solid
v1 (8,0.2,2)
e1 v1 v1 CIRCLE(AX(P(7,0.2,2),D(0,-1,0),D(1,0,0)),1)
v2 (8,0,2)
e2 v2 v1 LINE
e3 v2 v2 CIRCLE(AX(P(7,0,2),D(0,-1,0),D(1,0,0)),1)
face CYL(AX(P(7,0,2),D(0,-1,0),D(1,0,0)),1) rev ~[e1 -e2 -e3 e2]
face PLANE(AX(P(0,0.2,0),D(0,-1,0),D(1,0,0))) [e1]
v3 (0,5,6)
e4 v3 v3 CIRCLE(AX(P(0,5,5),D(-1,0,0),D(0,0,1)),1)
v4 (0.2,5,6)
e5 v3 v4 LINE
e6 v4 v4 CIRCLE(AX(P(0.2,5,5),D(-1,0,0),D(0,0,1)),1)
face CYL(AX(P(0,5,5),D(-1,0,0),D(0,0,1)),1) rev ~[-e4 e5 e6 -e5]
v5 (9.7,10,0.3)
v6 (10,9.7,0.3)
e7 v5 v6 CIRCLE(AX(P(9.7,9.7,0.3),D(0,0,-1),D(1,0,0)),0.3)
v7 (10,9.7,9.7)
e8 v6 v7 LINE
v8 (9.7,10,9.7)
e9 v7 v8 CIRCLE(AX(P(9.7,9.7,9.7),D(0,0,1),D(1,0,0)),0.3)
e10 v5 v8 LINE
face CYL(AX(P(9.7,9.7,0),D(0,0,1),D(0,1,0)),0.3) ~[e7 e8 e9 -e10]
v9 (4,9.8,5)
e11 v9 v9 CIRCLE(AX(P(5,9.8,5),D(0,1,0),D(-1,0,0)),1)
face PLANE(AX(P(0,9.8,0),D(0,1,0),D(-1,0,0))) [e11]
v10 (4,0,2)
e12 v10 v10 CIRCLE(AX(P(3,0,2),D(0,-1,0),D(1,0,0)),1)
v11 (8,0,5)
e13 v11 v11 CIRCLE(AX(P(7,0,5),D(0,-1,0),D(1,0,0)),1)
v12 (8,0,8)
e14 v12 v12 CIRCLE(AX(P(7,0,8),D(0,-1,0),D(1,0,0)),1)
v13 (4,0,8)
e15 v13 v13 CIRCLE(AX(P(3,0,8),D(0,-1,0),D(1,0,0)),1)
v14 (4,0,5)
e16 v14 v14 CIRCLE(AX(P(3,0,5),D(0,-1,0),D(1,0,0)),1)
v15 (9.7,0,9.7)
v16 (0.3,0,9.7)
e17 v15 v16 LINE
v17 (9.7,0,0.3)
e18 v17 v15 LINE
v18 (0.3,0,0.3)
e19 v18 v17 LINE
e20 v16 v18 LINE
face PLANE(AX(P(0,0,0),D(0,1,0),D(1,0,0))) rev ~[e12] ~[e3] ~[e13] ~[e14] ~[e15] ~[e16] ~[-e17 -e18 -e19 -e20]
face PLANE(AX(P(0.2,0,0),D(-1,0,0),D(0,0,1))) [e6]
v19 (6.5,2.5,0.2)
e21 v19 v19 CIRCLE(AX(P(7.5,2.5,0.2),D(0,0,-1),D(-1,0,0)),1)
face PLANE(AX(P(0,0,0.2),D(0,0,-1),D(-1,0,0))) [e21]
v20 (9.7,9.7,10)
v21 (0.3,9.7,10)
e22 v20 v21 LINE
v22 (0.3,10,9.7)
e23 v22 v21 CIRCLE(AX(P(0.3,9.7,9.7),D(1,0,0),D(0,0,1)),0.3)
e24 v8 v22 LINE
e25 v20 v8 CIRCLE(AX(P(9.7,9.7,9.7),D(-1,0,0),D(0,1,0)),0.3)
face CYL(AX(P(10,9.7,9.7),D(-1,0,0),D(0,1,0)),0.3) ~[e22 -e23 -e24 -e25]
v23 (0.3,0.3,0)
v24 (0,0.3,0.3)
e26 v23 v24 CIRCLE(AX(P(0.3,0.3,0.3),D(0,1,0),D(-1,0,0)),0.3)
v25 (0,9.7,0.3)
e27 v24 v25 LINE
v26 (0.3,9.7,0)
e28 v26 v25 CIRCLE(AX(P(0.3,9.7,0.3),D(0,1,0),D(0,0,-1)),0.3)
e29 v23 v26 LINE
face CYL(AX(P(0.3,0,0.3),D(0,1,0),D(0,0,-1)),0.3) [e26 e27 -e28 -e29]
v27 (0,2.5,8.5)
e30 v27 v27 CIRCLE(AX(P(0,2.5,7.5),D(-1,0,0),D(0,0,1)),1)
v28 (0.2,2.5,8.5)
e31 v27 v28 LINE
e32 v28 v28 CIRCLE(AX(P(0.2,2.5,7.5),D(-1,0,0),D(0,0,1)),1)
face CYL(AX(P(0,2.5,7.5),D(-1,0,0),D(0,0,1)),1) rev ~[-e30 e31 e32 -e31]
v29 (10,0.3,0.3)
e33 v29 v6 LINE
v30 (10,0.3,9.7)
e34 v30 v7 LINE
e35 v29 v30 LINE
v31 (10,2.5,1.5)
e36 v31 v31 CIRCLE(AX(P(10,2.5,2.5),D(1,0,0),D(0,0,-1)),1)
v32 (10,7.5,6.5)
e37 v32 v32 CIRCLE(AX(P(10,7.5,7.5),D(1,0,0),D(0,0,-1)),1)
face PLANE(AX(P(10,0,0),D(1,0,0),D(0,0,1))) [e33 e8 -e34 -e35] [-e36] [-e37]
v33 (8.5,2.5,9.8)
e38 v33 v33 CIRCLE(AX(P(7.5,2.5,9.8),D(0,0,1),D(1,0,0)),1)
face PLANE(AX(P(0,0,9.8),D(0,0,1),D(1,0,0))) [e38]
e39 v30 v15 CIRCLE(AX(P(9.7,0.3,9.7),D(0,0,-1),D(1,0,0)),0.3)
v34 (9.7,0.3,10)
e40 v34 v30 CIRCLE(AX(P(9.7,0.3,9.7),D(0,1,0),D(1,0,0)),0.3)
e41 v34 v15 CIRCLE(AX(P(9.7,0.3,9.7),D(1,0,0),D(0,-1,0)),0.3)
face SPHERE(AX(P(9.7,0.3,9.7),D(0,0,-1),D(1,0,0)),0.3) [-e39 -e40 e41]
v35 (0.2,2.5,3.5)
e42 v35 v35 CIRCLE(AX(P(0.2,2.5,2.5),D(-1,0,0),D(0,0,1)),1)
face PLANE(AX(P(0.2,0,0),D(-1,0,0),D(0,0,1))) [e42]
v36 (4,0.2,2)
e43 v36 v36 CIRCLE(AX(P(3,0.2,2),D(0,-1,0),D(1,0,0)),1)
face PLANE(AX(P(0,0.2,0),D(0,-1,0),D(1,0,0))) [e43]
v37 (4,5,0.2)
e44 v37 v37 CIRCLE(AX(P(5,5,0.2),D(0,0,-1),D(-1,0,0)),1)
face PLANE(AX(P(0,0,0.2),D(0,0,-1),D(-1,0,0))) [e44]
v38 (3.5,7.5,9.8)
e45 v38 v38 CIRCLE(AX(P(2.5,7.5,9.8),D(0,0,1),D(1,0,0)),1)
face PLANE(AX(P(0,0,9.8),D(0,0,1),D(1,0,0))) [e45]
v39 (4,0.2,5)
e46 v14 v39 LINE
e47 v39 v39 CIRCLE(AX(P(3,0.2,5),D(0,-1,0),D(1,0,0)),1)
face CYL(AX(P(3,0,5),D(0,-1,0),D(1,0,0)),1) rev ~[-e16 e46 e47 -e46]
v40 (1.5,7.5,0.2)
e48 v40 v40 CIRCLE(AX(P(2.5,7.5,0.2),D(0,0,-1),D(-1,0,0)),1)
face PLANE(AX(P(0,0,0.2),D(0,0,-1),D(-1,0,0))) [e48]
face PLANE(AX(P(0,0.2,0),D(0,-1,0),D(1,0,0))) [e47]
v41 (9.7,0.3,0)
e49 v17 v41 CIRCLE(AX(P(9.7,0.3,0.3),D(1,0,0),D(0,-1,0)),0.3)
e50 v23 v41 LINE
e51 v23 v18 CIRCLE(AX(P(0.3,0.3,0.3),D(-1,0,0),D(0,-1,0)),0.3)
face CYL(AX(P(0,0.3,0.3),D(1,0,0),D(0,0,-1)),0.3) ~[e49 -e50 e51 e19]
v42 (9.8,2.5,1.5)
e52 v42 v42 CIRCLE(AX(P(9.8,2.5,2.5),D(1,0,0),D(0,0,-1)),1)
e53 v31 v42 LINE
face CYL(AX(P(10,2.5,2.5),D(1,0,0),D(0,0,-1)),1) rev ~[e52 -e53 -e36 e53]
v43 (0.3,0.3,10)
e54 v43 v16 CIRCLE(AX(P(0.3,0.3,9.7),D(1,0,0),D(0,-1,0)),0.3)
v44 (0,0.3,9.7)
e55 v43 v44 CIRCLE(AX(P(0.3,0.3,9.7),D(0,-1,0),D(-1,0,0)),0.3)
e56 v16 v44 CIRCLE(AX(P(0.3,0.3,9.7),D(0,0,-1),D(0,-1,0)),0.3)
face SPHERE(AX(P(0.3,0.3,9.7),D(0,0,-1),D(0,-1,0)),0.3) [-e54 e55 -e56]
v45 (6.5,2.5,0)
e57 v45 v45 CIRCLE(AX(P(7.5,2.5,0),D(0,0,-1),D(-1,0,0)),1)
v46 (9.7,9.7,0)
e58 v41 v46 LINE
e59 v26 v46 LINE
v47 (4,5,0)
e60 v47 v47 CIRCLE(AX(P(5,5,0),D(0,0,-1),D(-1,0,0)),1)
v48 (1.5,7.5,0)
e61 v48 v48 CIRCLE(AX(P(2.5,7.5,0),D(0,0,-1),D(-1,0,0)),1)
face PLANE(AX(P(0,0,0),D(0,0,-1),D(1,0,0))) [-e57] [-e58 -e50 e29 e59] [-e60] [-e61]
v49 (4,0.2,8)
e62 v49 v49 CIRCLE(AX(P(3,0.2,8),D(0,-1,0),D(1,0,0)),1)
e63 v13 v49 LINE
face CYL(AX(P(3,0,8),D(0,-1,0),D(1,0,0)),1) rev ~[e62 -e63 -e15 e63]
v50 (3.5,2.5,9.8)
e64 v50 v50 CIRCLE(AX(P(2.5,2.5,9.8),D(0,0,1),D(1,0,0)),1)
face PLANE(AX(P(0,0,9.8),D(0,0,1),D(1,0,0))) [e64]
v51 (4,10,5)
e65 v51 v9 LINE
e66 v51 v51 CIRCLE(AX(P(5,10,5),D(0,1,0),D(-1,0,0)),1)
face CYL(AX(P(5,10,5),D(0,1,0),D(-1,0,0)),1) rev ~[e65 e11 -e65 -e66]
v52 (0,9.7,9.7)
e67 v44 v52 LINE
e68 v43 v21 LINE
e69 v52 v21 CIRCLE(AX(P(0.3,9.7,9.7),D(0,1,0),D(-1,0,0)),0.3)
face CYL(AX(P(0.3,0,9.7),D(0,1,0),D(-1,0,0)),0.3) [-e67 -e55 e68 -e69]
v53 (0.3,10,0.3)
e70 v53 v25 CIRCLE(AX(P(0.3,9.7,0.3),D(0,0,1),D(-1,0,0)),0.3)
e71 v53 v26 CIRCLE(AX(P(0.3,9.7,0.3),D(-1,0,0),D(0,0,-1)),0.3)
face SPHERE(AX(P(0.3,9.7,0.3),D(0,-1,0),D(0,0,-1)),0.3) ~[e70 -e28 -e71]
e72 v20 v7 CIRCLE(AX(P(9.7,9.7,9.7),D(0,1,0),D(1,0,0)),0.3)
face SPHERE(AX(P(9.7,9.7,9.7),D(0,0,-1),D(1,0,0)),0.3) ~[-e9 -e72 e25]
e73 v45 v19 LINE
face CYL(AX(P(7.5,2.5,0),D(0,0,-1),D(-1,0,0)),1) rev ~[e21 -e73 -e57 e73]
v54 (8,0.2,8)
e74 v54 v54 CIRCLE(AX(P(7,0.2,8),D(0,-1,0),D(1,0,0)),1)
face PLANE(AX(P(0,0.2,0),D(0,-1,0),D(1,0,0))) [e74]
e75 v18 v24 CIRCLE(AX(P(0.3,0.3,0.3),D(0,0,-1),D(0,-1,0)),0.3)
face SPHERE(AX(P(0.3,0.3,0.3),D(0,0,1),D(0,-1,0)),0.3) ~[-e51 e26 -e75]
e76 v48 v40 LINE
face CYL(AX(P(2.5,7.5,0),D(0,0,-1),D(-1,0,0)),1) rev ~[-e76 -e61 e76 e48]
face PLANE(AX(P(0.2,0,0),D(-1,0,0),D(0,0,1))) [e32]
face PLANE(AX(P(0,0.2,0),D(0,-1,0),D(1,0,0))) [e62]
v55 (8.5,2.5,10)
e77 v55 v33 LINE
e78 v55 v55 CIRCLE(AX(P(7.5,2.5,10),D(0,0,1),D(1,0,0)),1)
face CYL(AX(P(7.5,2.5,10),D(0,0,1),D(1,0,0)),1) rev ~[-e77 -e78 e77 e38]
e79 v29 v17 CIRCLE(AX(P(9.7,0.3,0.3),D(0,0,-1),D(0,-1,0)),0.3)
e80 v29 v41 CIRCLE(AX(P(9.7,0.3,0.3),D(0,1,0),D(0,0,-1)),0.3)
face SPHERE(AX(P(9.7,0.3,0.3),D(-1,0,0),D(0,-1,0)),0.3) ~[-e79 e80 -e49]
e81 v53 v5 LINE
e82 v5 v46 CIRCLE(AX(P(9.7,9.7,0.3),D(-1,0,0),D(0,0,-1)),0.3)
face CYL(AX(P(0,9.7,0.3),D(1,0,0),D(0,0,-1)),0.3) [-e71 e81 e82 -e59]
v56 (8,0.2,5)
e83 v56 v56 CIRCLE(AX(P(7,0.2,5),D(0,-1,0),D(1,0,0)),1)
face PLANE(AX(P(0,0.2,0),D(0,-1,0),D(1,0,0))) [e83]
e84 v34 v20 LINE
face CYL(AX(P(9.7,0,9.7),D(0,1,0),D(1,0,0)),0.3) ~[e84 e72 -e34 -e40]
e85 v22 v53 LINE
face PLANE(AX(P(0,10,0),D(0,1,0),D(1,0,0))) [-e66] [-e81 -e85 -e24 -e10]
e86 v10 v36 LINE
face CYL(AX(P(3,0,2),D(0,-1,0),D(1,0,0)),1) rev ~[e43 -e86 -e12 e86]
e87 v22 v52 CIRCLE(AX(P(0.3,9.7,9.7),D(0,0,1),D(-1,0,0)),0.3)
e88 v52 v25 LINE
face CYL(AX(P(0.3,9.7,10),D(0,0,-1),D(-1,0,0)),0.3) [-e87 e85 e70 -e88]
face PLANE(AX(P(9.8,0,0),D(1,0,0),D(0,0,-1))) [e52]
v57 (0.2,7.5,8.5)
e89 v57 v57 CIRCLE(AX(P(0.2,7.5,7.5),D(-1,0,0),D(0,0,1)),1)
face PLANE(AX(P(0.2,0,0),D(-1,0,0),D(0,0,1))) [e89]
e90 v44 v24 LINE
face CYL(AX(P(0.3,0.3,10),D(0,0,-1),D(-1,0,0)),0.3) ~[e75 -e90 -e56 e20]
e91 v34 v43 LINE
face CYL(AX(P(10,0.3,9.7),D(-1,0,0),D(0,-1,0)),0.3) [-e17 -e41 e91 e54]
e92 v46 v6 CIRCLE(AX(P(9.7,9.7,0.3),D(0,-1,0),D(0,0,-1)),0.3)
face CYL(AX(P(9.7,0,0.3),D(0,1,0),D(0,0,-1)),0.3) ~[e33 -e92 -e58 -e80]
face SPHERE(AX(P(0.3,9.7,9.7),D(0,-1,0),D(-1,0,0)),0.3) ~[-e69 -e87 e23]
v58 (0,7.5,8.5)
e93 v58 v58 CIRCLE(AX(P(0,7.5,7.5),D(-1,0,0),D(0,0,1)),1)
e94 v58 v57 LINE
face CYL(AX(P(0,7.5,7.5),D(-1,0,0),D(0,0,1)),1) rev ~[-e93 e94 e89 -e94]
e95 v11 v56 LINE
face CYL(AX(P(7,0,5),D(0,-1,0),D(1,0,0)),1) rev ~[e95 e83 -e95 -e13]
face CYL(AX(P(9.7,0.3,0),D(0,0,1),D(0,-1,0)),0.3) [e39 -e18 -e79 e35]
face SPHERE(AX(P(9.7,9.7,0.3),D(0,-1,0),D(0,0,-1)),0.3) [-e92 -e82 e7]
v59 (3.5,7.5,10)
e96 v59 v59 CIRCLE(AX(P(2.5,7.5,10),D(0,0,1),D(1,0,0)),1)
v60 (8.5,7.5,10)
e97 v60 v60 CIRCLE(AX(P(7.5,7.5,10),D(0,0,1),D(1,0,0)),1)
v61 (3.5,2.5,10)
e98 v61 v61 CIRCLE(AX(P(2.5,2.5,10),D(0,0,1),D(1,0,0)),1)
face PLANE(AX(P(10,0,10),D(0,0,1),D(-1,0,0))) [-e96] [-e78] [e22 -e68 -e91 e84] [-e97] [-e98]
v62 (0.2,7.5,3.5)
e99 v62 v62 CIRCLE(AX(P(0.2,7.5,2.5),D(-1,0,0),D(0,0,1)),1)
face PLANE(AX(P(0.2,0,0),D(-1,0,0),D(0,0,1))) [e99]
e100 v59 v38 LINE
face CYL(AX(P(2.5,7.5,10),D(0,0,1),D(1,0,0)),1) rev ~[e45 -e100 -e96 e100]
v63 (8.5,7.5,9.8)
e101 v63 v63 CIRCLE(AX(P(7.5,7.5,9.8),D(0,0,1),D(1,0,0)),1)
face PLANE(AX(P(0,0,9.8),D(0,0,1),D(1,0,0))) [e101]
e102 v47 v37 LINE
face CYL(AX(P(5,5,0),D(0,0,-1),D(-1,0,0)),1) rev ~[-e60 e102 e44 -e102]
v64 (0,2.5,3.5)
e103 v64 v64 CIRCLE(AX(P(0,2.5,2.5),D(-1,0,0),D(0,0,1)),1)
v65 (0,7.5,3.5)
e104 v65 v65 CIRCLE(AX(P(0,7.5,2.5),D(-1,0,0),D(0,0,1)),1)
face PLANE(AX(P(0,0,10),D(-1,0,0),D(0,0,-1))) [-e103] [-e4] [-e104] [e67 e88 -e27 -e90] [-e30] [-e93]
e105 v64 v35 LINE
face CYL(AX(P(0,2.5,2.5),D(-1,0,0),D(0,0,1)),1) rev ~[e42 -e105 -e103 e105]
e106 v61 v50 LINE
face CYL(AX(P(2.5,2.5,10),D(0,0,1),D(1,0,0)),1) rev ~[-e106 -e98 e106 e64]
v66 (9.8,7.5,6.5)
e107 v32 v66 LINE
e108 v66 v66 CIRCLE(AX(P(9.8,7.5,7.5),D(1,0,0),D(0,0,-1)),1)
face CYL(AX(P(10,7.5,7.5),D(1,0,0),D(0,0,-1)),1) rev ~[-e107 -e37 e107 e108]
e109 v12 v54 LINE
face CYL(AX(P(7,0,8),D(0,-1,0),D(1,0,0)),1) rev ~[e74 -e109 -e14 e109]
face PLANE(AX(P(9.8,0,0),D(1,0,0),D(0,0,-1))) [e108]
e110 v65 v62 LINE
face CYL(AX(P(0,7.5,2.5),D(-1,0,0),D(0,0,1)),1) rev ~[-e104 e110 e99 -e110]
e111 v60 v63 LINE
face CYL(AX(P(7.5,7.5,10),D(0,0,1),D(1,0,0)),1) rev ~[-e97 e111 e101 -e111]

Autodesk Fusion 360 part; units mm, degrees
sketch "Sketch1" plane through (0, 0, 0) normal (0, 1, 0) x (1, 0, 0)
  line L0 (0, 0) -> (10, 0)
  line L1 (10, 0) -> (10, -10)
  line L2 (10, -10) -> (0, -10)
  line L3 (0, -10) -> (0, 0)
  dimension "d1" = 10
  dimension "d2" = 10
extrude "Extrude1" add sketch "Sketch1" along normal blind 10
sketch "Sketch2" plane through (0, 10, 0) normal (0, 1, 0) x (-1, 0, 0)
  line L0 (0, 10) -> (-10, 10)
  line L1 (-10, 10) -> (-10, 0)
  line L2 (-10, 0) -> (0, 0)
  line L3 (0, 0) -> (0, 10)
  circle A0 centre (-5, 5) radius 1
  dimension "d5" = 2
  dimension "d24" = 5
  dimension "d25" = 5
sketch "Sketch3" plane through (0, 0, 0) normal (0, -1, 0) x (1, 0, 0)
  line L0 (10, 10) -> (0, 10)
  line L1 (0, 10) -> (0, 0)
  line L2 (0, 0) -> (10, 0)
  line L3 (10, 0) -> (10, 10)
  circle A0 centre (3, 8) radius 1
  circle A1 centre (3, 5) radius 1
  circle A2 centre (3, 2) radius 1
  circle A3 centre (7, 8) radius 1
  circle A4 centre (7, 5) radius 1
  circle A5 centre (7, 2) radius 1
  dimension "d6" = 2
  dimension "d7" = 2
  dimension "d8" = 2
  dimension "d9" = 2
  dimension "d10" = 2
  dimension "d11" = 2
  dimension "d12" = 3
  dimension "d13" = 3
  dimension "d14" = 3
  dimension "d15" = 3
  dimension "d16" = 3
  dimension "d17" = 3
  dimension "d18" = 3
  dimension "d19" = 3
  dimension "d20" = 2
  dimension "d21" = 2
  dimension "d22" = 3
  dimension "d23" = 3
sketch "Sketch4" plane through (0, 0, 0) normal (-1, 0, 0) x (0, 0, 1)
  line L0 (0, 0) -> (10, 0)
  line L1 (10, 0) -> (10, 10)
  line L2 (10, 10) -> (0, 10)
  line L3 (0, 10) -> (0, 0)
  circle A0 centre (7.5, 2.5) radius 1
  circle A1 centre (5, 5) radius 1
  circle A2 centre (2.5, 7.5) radius 1
  circle A3 centre (2.5, 2.5) radius 1
  circle A4 centre (7.5, 7.5) radius 1
  line L4 (10, 0) -> (0, 0)
  line L5 (0, 10) -> (10, 10)
  dimension "d26" = 2
  dimension "d27" = 2
  dimension "d28" = 2
  dimension "d29" = 2
  dimension "d30" = 2
  dimension "d31" = 2.5
  dimension "d32" = 2.5
  dimension "d33" = 2.5
  dimension "d34" = 2.5
  dimension "d35" = 2.5
  dimension "d36" = 2.5
  dimension "d37" = 2.5
  dimension "d38" = 2.5
  dimension "d39" = 5
  dimension "d40" = 5
sketch "Sketch5" plane through (0, 0, 0) normal (0, 0, -1) x (-1, 0, 0)
  line L0 (-10, 0) -> (0, 0)
  line L1 (0, 0) -> (0, 10)
  line L2 (0, 10) -> (-10, 10)
  line L3 (-10, 10) -> (-10, 0)
  circle A0 centre (-5, 5) radius 1
  circle A1 centre (-7.5, 2.5) radius 1
  circle A2 centre (-2.5, 7.5) radius 1
  line L4 (0, 10) -> (0, 0)
  line L5 (-10, 10) -> (0, 10)
  line L6 (0, 0) -> (-10, 0)
  dimension "d41" = 2
  dimension "d42" = 2
  dimension "d43" = 2
  dimension "d44" = 2.5
  dimension "d45" = 2.5
  dimension "d46" = 2.5
  dimension "d47" = 2.5
  dimension "d48" = 5
  dimension "d49" = 5
sketch "Sketch6" plane through (10, 0, 0) normal (1, 0, 0) x (0, 0, -1)
  line L0 (-10, 0) -> (0, 0)
  line L1 (0, 0) -> (0, 10)
  line L2 (0, 10) -> (-10, 10)
  line L3 (-10, 10) -> (-10, 0)
  circle A0 centre (-2.5, 2.5) radius 1
  circle A1 centre (-7.5, 7.5) radius 1
  line L4 (0, 0) -> (-10, 0)
  line L5 (-10, 10) -> (0, 10)
  dimension "d50" = 2
  dimension "d51" = 2
  dimension "d52" = 2.5
  dimension "d53" = 2.5
  dimension "d54" = 2.5
  dimension "d55" = 2.5
sketch "Sketch7" plane through (0, 0, 10) normal (0, 0, 1) x (1, 0, 0)
  line L0 (0, 0) -> (10, 0)
  line L1 (10, 0) -> (10, 10)
  line L2 (10, 10) -> (0, 10)
  line L3 (0, 10) -> (0, 0)
  circle A0 centre (7.5, 2.5) radius 1
  circle A1 centre (2.5, 7.5) radius 1
  circle A2 centre (2.5, 2.5) radius 1
  circle A3 centre (7.5, 7.5) radius 1
  line L4 (10, 0) -> (0, 0)
  line L5 (0, 0) -> (0, 10)
  line L6 (10, 10) -> (10, 0)
  dimension "d56" = 2
  dimension "d57" = 2
  dimension "d58" = 2
  dimension "d59" = 2
  dimension "d60" = 2.5
  dimension "d61" = 2.5
  dimension "d62" = 2.5
  dimension "d63" = 2.5
  dimension "d64" = 2.5
  dimension "d65" = 2.5
  dimension "d66" = 2.5
  dimension "d67" = 2.5
extrude "Extrude2" cut sketch "Sketch3" against normal blind 0.2 contours A0 | A1 | A2 | A3 | A4 | A5
extrude "Extrude3" cut sketch "Sketch7" against normal blind 0.2 contours A0 | A1 | A2 | A3
extrude "Extrude4" cut sketch "Sketch4" against normal blind 0.2 contours A0 | A1 | A2 | A3 | A4
extrude "Extrude5" cut sketch "Sketch6" against normal blind 0.2 contours A0 | A1
extrude "Extrude6" cut sketch "Sketch5" against normal blind 0.2 contours A0 | A1 | A2
extrude "Extrude7" cut sketch "Sketch2" against normal blind 0.2 contours A0
fillet "Fillet1" radius 0.3 12 edges at (0, 0, 5) (5, 0, 0) (0, 5, 0) (10, 0, 5) (10, 5, 0) (5, 10, 0) (10, 10, 5) (10, 5, 10) (5, 0, 10) (0, 5, 10) (0, 10, 5) (5, 10, 10)
